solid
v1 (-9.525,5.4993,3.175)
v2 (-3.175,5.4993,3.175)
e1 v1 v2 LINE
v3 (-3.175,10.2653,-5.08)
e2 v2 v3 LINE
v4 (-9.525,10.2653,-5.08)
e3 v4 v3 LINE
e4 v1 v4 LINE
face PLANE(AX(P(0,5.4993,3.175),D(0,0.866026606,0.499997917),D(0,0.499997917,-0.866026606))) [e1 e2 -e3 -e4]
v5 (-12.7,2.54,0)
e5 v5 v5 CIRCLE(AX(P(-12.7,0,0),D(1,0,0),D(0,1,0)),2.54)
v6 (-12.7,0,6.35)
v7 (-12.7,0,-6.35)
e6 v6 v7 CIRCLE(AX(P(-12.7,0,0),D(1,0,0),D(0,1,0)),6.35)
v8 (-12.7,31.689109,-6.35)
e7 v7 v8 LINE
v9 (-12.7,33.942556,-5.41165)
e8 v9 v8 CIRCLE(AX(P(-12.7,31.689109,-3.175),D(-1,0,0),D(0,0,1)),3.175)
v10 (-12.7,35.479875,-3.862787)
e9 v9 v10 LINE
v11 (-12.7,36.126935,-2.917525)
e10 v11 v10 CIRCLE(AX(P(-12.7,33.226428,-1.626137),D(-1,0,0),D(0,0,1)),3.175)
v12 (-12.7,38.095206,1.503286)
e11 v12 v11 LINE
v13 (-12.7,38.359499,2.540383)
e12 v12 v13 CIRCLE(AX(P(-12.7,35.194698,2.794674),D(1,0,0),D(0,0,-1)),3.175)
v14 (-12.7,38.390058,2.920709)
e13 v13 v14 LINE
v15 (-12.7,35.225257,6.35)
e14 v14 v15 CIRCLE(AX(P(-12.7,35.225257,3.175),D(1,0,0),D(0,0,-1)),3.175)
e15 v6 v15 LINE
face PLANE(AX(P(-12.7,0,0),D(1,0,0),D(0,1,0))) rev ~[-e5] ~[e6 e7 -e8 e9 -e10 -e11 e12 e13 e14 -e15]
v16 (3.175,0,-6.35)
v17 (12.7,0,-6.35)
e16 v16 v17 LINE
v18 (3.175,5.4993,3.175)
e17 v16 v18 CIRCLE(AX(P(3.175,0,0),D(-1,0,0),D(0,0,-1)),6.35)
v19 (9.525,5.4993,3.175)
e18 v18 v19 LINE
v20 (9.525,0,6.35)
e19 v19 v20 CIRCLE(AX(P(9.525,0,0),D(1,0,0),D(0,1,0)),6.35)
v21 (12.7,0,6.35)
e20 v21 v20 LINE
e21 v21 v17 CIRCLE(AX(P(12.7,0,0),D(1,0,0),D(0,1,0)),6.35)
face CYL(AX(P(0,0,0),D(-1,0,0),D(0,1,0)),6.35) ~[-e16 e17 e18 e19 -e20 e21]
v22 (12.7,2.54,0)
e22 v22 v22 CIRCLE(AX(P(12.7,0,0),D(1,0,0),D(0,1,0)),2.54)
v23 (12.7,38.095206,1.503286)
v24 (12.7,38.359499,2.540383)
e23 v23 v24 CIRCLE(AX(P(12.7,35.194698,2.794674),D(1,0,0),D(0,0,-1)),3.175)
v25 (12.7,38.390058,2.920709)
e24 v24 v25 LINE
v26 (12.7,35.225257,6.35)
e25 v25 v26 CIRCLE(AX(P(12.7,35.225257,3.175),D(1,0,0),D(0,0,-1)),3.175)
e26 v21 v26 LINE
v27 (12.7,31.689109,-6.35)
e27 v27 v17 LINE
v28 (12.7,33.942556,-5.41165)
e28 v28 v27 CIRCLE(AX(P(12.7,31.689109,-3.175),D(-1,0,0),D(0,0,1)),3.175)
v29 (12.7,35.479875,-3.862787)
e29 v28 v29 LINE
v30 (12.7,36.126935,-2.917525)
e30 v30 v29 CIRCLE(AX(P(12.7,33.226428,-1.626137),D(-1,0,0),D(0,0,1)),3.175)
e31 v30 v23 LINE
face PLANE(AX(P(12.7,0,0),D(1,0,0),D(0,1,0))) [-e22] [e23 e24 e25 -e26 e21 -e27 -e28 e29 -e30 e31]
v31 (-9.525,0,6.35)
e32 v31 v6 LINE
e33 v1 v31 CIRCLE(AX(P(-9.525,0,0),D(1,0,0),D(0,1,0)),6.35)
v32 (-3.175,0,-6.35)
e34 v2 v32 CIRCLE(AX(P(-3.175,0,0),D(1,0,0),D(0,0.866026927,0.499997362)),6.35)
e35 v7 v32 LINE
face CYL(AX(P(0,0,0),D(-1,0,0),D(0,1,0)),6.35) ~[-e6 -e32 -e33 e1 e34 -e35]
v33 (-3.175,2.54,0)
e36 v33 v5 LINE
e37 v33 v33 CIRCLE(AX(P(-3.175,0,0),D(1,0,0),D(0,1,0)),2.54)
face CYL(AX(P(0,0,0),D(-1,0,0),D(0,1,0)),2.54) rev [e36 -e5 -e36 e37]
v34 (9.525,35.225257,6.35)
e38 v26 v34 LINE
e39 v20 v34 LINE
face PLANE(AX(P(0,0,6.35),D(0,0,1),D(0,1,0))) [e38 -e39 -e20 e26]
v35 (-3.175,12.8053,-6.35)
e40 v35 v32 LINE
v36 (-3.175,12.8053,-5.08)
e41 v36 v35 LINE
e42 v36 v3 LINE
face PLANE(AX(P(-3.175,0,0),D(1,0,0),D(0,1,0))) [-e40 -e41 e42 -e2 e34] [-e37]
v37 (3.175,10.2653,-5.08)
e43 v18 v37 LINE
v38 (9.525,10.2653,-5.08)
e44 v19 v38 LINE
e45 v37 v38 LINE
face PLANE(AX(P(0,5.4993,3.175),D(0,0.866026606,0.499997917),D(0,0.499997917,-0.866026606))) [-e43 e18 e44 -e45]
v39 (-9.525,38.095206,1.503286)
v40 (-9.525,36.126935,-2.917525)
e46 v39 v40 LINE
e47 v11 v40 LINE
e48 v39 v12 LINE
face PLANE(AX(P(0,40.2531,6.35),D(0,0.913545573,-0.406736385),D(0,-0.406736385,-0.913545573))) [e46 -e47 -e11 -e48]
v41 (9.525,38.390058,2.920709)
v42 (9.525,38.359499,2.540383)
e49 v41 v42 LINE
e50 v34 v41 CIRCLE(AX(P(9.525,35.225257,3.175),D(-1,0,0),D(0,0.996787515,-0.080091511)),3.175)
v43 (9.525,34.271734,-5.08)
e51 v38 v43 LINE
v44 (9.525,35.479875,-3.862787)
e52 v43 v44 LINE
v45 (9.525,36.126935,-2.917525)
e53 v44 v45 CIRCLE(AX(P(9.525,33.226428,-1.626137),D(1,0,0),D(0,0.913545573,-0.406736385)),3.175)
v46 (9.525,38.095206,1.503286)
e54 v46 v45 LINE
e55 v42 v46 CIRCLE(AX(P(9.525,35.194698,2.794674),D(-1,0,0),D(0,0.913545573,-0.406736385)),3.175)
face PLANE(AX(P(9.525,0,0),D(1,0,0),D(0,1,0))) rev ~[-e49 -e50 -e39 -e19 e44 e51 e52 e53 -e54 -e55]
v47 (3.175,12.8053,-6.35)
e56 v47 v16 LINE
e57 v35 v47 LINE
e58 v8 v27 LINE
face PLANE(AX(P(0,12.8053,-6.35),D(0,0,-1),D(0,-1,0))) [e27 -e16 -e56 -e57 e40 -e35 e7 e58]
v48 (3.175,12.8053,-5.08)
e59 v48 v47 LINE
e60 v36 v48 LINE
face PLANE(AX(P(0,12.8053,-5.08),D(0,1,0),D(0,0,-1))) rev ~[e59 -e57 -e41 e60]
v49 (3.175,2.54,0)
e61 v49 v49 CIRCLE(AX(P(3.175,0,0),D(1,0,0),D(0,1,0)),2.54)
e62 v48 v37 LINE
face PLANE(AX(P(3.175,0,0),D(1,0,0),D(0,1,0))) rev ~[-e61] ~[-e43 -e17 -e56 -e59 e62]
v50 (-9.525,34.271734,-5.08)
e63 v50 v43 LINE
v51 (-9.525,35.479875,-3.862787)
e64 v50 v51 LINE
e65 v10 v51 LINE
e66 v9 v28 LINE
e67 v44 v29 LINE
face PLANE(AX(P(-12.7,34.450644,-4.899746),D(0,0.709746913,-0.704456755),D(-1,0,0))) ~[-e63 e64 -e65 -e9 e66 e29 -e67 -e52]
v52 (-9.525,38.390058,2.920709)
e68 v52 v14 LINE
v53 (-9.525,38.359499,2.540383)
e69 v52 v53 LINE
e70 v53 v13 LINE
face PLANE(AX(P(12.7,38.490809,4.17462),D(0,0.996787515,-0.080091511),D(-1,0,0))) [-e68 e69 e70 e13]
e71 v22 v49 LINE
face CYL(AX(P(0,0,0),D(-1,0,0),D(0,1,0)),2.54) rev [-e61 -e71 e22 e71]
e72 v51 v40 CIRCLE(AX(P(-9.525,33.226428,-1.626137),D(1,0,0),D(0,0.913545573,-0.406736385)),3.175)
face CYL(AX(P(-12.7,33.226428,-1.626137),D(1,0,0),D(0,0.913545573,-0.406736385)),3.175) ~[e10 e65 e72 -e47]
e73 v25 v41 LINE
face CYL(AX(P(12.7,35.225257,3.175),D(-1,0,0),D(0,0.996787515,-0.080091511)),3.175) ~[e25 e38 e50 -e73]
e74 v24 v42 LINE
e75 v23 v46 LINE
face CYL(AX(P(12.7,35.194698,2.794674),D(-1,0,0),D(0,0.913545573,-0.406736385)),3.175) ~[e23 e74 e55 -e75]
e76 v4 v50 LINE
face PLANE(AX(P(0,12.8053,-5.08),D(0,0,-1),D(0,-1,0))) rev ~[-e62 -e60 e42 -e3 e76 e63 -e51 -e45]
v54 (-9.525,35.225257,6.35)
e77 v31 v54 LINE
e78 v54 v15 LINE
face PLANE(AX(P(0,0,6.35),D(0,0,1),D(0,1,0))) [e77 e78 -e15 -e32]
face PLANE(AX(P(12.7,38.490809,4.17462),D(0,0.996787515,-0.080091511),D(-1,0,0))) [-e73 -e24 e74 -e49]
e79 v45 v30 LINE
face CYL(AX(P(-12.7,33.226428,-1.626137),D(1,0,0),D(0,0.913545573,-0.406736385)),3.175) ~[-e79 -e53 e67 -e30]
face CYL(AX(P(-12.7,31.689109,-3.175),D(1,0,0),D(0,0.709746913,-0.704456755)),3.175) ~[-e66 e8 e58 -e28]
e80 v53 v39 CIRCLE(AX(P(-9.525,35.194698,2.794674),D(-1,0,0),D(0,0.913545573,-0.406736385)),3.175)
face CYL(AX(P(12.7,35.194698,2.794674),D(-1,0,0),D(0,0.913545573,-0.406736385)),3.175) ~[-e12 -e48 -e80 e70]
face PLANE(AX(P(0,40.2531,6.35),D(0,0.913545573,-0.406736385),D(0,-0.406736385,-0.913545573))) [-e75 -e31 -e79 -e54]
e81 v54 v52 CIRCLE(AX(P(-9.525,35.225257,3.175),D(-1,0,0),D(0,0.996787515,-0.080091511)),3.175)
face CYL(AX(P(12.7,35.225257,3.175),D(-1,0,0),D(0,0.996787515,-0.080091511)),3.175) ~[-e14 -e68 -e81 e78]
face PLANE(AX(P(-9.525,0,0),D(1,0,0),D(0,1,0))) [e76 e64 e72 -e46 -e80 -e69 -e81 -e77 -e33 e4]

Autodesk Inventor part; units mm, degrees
ref_plane "YZ Plane" through (0, 0, 0) normal (1, 0, 0) x (0, 1, 0)
ref_plane "XZ Plane" through (0, 0, 0) normal (0, 1, 0) x (-1, 0, 0)
ref_plane "XY Plane" through (0, 0, 0) normal (0, 0, 1) x (1, 0, 0)
sketch "Sketch1" plane through (0, 0, 0) normal (1, 0, 0) x (0, 1, 0)
  circle A0 centre (0, 0) radius 2.54
  circle A1 centre (0, 0) radius 6.35
  line L0 (0, 6.35) -> (40.2531, 6.35)
  line L1 (40.2531, 6.35) -> (40.2531, -6.35)
  line L2 (40.2531, -6.35) -> (0, -6.35)
  line L3 (40.2531, 6.35) -> (34.5987, -6.35)
  line L4 (35.1642, -5.08) -> (3.81, -5.08)
  line L5 (5.4993, 3.175) -> (10.2653, -5.08)
  line L6 (12.8053, -5.08) -> (12.8053, -6.35)
  dimension "d0" = 5.08
  dimension "d1" = 12.7
  dimension "d2" = 66
  dimension "d12" = 3.175
  dimension "d13" = 1.27
  dimension "d16" = 2.54
extrude "Extrusion1" add sketch "Sketch1" along normal mid plane 25.4 contours A1 | A1 L5 L4 | A1 L0 L3 L4 L5 | L4 L6 L2 A1 | L4 L3 L2 L6
chamfer "Chamfer1" distance 1.5875 distance2 3.175 1 edges at (0, 34.5987, -6.35) measured on face at (4.2333, 23.0658, -6.35)
chamfer "Chamfer2" distance 4.7625 distance2 1.5875 1 edges at (0, 40.2531, 6.35) measured on face at (4.2333, 38.7988, 3.0835)
fillet "Fillet1" radius 3.175 4 edges at (0, 38.6656, 6.35) (0, 38.316, 1.9992) (0, 35.8901, -3.4495) (0, 33.0112, -6.35)
extrude "Extrusion2" cut sketch "Sketch1" along normal mid plane 19.05 contours A1 L0 L3 L4 L5
extrude "Extrusion3" cut sketch "Sketch1" along normal mid plane 6.35 contours A1 | A1 L5 L4 | L4 L6 L2 A1
equation "\"d12\" = 0.25 * d1"
properties part number "LegV5"
